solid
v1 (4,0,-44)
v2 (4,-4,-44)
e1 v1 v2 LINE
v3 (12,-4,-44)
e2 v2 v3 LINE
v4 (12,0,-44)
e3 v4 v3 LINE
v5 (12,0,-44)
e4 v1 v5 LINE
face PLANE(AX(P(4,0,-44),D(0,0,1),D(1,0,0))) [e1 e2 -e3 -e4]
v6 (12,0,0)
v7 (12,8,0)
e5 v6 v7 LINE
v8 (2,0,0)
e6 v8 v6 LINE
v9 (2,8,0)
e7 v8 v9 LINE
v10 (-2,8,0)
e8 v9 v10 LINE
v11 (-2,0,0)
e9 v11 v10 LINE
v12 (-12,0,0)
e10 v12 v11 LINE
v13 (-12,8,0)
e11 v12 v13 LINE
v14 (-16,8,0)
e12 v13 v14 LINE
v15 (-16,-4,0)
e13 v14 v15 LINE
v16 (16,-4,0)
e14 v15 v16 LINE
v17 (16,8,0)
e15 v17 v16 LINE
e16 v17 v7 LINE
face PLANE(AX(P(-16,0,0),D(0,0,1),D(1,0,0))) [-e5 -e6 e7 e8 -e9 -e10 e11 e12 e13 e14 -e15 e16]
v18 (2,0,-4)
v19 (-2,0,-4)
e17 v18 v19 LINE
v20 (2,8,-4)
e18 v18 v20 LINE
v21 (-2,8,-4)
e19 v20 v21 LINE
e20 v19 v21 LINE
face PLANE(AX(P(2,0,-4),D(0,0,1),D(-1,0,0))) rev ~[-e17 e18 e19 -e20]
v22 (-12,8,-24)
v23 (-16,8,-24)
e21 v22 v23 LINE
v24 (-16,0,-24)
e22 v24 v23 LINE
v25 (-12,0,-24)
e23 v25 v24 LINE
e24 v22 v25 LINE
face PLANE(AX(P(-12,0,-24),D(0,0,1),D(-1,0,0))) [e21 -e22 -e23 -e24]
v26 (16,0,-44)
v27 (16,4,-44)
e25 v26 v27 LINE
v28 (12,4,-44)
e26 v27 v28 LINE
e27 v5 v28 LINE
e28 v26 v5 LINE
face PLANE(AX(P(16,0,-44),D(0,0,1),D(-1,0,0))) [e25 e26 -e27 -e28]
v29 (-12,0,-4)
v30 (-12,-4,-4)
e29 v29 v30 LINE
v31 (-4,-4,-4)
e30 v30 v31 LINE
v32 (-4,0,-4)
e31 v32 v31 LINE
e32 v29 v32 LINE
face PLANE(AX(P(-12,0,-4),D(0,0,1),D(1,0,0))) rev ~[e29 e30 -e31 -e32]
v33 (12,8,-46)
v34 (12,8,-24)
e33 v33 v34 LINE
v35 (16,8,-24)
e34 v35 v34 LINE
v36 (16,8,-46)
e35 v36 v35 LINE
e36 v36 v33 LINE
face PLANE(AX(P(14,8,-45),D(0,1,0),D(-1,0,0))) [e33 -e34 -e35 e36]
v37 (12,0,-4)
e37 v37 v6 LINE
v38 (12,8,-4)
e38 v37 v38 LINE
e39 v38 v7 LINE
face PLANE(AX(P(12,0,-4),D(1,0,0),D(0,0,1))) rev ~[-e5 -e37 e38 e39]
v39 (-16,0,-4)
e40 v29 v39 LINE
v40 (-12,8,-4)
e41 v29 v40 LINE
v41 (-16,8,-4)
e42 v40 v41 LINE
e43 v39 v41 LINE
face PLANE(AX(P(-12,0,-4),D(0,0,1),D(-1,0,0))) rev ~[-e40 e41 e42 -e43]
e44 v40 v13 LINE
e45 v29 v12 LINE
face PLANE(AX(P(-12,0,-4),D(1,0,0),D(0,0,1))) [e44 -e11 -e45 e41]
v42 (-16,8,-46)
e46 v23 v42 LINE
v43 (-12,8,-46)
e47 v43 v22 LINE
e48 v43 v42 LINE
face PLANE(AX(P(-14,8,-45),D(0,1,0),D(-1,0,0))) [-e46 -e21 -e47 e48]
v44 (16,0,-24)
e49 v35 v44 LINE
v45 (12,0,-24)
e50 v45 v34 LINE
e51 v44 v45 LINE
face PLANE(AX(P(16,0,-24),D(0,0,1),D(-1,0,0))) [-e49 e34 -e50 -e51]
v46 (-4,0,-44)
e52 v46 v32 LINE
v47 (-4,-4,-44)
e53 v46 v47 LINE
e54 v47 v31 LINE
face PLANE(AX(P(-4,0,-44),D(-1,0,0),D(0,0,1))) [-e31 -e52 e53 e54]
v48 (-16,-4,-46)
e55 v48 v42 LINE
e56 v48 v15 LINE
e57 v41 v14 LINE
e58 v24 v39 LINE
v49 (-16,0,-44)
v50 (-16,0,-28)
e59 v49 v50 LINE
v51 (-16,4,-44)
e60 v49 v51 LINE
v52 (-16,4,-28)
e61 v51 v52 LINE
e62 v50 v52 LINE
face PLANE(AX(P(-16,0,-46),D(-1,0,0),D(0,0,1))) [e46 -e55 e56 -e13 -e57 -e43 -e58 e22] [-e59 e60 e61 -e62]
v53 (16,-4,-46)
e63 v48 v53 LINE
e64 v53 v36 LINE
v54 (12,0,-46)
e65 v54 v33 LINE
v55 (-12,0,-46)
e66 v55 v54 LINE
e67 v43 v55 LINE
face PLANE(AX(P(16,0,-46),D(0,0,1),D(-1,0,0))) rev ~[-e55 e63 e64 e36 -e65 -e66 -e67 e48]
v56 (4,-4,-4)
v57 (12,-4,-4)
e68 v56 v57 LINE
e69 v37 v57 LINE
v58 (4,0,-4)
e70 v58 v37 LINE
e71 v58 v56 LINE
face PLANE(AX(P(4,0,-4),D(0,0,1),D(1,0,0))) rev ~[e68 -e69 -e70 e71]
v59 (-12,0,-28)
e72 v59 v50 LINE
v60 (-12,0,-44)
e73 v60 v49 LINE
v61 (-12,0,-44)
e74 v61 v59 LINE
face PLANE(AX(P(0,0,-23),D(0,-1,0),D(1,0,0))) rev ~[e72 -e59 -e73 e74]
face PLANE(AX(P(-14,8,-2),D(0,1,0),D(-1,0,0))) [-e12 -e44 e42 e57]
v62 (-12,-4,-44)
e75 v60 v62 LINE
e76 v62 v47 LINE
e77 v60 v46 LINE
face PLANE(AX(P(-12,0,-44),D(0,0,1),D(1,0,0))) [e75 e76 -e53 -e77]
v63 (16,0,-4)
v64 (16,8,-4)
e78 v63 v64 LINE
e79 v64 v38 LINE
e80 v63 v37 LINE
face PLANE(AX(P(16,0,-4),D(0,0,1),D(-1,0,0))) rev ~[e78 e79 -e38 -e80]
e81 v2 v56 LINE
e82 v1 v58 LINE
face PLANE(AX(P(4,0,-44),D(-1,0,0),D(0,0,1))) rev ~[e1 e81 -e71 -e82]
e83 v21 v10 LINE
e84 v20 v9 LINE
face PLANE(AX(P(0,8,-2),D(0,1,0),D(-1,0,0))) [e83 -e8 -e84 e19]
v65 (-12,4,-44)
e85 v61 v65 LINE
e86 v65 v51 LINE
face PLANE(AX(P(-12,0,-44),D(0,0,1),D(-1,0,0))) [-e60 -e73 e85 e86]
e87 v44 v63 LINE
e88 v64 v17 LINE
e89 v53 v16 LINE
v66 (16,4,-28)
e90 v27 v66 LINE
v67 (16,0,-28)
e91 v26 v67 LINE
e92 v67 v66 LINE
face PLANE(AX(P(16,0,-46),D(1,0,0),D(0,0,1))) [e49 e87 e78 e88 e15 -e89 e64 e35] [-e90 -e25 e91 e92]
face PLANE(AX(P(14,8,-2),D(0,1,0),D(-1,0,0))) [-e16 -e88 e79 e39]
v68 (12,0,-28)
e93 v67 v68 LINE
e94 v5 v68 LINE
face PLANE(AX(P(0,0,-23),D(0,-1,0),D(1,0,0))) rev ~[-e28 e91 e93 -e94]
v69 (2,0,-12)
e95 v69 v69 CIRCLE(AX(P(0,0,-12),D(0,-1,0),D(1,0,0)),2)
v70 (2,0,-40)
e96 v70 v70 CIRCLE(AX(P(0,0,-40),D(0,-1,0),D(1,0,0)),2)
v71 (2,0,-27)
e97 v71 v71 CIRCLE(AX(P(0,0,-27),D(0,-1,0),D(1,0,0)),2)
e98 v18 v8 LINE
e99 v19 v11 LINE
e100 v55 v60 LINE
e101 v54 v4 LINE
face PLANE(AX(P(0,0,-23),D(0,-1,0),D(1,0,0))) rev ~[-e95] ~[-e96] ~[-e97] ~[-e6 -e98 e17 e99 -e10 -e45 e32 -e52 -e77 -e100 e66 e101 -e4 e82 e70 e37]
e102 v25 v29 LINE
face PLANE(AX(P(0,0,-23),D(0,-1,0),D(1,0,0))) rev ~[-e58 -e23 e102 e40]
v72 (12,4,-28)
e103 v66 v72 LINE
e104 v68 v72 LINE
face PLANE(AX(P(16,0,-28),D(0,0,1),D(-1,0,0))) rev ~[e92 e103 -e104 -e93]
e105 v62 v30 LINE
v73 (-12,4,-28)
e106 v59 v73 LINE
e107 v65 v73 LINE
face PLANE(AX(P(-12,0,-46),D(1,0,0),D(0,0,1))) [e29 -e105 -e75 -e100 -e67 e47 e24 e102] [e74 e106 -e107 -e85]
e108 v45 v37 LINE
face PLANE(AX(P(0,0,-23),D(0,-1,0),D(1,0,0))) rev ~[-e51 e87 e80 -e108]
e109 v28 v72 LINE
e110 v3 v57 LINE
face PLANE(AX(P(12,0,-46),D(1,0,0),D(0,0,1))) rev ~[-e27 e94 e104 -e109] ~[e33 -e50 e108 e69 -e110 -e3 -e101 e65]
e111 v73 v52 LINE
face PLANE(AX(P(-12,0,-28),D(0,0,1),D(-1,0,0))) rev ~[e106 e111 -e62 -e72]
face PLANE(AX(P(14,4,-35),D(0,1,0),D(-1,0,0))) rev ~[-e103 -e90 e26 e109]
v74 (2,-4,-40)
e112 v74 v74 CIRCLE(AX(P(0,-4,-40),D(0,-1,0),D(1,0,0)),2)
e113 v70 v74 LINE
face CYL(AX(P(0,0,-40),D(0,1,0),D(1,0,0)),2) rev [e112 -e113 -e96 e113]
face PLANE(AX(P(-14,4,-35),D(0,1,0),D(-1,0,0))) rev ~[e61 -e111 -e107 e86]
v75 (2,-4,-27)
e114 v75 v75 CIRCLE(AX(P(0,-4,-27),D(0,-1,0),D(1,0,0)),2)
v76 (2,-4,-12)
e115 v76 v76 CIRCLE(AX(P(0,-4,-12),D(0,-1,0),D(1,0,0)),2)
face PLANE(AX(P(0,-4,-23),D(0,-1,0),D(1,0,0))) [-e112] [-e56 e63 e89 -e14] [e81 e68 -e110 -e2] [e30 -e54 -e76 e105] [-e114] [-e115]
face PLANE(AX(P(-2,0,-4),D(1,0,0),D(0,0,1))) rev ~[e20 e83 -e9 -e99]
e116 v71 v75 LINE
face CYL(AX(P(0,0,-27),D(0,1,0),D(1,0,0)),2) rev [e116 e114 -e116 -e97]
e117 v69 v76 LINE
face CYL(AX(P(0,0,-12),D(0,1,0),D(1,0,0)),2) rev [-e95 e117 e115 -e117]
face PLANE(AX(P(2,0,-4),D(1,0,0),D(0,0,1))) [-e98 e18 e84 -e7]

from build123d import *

# Parameters (mm, degrees)
F0_W     = 32
F0_H     = 46
F0_W_2   = 8
F0_H_2   = 40
F0_R     = 2
F1_DEPTH = 4
F2_W     = 4
F2_H     = 2
F2_H_2   = 4
F3_DEPTH = 8
F4_W     = 4
F4_H     = 22
F5_DEPTH = 4


with BuildPart() as f1:
    # F0 (on Front) → F1 (new body)
    with BuildSketch(Plane.XZ):
        with Locations((0, -23)):
            Rectangle(F0_W, F0_H)
        with Locations((-8, -24)):
            Rectangle(F0_W_2, F0_H_2, mode=Mode.SUBTRACT)
        with Locations((0, -40)):
            Circle(F0_R, mode=Mode.SUBTRACT)
        with Locations((0, -27)):
            Circle(F0_R, mode=Mode.SUBTRACT)
        with Locations((8, -24)):
            Rectangle(F0_W_2, F0_H_2, mode=Mode.SUBTRACT)
        with Locations((0, -12)):
            Circle(F0_R, mode=Mode.SUBTRACT)
    extrude(amount=F1_DEPTH)

    # F2 (on face) → F3 (join)
    with BuildSketch(Plane(origin=(0, 0, 0), x_dir=(-1, 0, 0), z_dir=(0, 1, 0))):
        with Locations((-14, -45)):
            Rectangle(F2_W, F2_H)
        with Locations((14, -45)):
            Rectangle(F2_W, F2_H)
        with Locations((-14, -2)):
            Rectangle(F2_W, F2_H_2)
        with Locations((14, -2)):
            Rectangle(F2_W, F2_H_2)
        with Locations((0, -2)):
            Rectangle(F2_W, F2_H_2)
        with Locations((-14, -26)):
            Rectangle(F2_W, F2_H_2)
        with Locations((14, -26)):
            Rectangle(F2_W, F2_H_2)
    extrude(amount=F3_DEPTH)

    # F4 (on face) → F5 (join)
    with BuildSketch(Plane(origin=(0, 8, 0), x_dir=(-1, 0, 0), z_dir=(0, 1, 0))):
        with Locations((-14, -35)):
            Rectangle(F4_W, F4_H)
        with Locations((14, -35)):
            Rectangle(F4_W, F4_H)
    extrude(amount=-F5_DEPTH)


solid = f1.part
